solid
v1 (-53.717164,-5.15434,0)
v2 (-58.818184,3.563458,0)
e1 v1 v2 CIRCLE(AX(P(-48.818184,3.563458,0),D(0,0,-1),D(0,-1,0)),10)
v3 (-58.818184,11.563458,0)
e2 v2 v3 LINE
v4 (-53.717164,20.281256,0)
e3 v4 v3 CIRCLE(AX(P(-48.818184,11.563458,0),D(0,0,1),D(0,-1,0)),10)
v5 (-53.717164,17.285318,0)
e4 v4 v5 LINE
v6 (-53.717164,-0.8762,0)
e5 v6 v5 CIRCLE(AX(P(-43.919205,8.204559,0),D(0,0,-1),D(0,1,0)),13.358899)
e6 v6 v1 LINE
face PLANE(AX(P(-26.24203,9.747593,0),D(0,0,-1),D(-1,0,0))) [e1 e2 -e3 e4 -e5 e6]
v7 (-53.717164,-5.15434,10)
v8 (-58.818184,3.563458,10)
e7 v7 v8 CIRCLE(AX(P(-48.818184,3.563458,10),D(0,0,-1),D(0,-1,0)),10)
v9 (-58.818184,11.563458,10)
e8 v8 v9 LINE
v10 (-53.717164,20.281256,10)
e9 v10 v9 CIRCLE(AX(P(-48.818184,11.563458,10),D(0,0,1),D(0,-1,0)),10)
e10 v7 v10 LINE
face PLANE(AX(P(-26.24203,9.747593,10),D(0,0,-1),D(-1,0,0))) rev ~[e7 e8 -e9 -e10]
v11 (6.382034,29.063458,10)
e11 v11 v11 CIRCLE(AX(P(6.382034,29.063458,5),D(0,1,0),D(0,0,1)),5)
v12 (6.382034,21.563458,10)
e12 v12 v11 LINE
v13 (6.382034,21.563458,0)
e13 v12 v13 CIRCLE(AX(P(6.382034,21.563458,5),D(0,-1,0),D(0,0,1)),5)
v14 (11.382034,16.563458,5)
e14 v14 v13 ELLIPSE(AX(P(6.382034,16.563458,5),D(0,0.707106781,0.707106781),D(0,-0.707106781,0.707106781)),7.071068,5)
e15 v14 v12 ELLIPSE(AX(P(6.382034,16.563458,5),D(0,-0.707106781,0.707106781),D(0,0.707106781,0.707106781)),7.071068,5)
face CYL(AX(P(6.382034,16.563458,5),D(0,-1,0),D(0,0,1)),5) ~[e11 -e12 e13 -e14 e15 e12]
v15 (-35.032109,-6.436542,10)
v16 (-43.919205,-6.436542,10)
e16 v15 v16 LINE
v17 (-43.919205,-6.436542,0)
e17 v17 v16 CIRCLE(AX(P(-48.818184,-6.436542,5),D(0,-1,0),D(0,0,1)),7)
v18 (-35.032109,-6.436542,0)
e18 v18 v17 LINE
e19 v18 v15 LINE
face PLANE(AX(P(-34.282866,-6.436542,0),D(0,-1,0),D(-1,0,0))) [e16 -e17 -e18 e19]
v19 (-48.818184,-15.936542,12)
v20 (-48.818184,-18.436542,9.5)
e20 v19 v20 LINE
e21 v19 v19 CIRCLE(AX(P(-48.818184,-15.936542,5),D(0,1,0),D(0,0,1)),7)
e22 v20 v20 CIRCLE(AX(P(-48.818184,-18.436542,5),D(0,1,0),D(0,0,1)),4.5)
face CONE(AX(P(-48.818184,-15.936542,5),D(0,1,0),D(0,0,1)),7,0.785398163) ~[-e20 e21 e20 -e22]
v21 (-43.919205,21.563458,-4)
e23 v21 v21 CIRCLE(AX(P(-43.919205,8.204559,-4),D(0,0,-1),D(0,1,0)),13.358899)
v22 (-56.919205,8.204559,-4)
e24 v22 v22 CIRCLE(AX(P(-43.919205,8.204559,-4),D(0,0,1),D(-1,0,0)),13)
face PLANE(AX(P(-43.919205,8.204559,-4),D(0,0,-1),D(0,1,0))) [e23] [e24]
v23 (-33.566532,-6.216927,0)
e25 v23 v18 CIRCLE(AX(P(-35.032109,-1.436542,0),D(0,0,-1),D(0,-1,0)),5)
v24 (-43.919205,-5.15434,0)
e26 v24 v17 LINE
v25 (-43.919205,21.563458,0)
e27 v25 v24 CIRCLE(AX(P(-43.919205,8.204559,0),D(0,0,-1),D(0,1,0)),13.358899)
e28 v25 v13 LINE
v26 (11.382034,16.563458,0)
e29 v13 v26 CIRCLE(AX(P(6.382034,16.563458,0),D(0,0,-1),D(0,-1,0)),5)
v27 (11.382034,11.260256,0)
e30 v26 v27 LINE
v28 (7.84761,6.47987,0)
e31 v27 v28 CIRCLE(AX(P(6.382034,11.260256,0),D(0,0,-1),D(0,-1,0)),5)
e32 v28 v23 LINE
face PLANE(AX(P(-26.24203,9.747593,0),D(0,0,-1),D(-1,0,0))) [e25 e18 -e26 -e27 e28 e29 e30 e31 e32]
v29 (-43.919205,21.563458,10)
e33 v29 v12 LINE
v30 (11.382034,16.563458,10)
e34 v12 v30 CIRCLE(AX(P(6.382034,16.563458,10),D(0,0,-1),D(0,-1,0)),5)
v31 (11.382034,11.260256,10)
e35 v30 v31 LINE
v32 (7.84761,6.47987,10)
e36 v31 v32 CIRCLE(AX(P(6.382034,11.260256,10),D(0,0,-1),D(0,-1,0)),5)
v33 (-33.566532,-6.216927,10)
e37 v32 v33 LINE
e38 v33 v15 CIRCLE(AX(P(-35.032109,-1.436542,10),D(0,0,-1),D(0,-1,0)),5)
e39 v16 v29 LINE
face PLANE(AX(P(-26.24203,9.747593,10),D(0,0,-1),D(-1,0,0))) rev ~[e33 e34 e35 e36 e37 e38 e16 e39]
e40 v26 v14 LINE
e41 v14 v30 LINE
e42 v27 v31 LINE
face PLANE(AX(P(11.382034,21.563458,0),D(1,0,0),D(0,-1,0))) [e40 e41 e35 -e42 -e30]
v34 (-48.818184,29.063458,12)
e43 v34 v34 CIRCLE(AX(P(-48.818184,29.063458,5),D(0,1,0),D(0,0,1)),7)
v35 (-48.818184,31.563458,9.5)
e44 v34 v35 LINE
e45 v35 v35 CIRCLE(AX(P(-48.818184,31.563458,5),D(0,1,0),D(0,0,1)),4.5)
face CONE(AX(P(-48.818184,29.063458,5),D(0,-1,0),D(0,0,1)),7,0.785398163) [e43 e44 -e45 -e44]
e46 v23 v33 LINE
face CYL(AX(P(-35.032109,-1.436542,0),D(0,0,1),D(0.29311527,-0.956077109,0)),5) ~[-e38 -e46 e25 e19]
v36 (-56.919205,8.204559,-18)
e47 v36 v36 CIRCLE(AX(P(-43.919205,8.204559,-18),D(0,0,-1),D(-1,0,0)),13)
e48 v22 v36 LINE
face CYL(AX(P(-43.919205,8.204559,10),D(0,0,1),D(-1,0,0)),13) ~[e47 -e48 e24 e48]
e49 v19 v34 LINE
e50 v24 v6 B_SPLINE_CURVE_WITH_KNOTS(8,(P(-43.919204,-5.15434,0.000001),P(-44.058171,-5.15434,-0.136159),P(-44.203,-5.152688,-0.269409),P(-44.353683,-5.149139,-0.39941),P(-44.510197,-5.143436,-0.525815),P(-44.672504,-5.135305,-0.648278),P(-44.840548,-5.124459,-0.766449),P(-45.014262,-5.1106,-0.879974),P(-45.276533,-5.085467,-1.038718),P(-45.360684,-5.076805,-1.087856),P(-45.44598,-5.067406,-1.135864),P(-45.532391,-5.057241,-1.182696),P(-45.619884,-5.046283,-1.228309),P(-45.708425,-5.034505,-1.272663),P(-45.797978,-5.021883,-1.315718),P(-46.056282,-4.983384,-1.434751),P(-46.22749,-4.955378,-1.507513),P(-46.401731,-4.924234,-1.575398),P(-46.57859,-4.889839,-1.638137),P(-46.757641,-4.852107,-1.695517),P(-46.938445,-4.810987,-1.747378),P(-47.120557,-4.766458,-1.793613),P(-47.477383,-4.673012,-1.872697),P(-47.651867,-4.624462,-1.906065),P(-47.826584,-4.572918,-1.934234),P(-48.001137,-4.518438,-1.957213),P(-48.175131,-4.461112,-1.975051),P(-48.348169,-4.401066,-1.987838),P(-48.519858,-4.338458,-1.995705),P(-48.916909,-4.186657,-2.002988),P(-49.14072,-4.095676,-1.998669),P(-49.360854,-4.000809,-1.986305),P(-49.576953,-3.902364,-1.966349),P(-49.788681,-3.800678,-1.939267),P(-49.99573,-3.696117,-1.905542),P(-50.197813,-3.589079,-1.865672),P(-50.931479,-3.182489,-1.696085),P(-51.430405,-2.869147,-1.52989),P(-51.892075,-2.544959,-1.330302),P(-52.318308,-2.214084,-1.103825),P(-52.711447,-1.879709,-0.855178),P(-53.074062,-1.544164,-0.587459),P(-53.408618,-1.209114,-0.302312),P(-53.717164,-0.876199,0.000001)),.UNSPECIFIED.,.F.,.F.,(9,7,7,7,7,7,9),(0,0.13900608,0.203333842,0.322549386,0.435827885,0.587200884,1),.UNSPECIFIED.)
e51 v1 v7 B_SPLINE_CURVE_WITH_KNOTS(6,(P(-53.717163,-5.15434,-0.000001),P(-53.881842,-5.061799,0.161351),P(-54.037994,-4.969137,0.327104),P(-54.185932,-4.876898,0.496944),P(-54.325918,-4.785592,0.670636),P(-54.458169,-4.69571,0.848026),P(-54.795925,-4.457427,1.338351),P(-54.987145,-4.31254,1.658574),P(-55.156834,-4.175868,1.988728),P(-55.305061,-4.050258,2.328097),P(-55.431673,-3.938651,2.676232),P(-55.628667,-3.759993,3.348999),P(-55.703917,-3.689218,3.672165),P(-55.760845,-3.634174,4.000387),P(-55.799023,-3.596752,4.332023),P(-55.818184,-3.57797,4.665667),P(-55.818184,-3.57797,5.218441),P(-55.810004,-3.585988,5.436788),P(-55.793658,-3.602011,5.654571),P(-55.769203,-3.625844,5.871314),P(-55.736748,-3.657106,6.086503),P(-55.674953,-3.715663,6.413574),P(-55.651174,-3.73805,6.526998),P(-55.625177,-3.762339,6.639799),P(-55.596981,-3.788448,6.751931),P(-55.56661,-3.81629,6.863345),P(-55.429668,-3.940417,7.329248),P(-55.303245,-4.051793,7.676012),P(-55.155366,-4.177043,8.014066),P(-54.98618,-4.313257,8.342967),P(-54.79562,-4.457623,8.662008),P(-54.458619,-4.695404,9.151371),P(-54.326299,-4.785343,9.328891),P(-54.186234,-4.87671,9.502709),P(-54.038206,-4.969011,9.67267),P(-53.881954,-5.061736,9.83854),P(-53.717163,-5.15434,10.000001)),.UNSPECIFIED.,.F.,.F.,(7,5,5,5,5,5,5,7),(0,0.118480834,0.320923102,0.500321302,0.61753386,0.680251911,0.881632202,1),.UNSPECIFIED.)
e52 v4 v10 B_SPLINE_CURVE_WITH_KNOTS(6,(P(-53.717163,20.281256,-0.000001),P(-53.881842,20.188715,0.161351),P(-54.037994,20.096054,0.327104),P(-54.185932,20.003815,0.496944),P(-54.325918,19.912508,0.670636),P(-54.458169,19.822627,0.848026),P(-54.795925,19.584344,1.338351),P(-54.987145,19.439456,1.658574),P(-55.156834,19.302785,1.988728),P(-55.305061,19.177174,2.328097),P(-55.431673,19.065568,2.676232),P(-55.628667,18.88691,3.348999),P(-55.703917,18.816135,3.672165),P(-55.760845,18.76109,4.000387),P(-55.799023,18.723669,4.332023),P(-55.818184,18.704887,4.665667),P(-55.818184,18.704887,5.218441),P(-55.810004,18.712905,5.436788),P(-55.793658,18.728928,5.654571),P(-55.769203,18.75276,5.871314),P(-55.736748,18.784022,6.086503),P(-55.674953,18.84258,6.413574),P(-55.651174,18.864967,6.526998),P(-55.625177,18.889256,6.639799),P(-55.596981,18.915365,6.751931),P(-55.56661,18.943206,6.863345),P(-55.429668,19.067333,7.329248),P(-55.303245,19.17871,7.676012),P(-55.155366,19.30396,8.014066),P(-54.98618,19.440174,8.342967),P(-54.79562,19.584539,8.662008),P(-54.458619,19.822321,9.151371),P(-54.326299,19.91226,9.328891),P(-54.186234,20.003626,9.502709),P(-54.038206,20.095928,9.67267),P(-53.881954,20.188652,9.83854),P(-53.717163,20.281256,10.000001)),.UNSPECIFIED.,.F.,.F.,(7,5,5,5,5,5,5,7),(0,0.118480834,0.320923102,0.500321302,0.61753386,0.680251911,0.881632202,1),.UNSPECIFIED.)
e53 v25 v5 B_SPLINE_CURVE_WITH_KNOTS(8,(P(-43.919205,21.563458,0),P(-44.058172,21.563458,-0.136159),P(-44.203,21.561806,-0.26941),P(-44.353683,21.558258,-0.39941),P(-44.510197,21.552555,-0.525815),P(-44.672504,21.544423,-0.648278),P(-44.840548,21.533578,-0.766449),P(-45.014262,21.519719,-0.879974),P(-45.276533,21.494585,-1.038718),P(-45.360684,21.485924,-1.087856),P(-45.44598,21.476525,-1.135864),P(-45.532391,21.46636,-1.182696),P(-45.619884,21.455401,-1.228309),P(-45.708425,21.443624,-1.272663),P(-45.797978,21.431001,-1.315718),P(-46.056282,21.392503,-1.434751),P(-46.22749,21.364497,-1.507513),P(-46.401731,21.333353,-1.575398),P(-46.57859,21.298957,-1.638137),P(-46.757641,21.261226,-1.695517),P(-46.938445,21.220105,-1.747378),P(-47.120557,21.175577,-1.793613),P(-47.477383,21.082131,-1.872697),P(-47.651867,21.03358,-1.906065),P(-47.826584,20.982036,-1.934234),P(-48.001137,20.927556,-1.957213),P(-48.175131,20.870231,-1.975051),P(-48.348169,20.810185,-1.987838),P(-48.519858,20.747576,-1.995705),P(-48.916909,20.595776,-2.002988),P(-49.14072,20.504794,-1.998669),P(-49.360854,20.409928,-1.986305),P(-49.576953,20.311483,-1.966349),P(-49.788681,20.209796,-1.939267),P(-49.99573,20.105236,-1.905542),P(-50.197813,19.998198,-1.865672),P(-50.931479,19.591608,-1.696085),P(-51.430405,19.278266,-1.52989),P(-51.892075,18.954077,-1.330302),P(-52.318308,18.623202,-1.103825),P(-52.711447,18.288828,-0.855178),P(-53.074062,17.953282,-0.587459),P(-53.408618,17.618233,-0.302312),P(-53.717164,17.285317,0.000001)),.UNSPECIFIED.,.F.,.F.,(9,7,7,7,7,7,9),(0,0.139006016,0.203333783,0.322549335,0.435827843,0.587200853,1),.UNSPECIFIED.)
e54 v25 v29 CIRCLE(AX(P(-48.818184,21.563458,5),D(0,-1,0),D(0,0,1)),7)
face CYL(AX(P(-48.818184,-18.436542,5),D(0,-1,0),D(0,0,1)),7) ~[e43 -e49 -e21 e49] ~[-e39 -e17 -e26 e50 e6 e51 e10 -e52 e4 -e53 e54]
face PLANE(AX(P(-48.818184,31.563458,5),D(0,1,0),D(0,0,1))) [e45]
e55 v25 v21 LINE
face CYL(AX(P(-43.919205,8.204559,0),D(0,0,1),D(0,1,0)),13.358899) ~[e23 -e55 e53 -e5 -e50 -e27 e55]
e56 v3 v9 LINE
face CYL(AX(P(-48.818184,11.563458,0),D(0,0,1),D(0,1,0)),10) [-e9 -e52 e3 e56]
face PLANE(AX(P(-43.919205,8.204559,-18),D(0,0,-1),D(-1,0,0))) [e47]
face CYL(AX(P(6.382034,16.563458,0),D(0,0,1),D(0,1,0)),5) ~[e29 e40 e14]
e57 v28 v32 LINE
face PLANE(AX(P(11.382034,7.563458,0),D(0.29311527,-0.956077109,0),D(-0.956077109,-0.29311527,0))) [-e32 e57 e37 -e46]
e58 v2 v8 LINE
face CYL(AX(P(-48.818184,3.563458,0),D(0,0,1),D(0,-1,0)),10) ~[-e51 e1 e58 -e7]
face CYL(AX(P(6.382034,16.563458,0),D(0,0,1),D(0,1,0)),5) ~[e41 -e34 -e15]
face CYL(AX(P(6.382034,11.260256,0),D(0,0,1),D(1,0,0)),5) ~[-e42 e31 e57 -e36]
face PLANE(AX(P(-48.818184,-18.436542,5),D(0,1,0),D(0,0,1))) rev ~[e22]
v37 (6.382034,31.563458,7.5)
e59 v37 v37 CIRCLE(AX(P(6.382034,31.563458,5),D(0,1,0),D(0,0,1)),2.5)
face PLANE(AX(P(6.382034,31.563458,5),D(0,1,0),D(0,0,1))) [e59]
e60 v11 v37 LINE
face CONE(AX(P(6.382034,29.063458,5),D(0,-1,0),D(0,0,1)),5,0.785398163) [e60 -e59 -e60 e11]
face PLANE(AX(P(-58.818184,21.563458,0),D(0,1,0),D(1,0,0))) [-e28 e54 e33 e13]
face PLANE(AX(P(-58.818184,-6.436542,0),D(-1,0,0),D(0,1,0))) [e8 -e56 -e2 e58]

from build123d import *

# Parameters (mm, degrees)
BOSS_EXTRUDE1_DEPTH      = 10
FILLET1_R                = 10
FILLET2_R                = 5
BOSS_EXTRUDE2_DEPTH      = 10
BOSS_EXTRUDE2_DEPTH_BACK = 40
SKETCH2_R                = 7
BOSS_EXTRUDE3_START      = -5
SKETCH3_R                = 5
BOSS_EXTRUDE3_DEPTH      = 15
CHAMFER1_SIZE            = 2.5
BOSS_EXTRUDE4_DEPTH      = 18
BOSS_EXTRUDE4_DEPTH_BACK = 10
SKETCH4_R                = 13
SKETCH5_R                = 13.358898944
BOSS_EXTRUDE5_DEPTH      = 4


with BuildPart() as part:
    # Sketch1 → Boss-Extrude1 (new body)
    with BuildSketch(Plane.XY):
        Polygon((-58.818184361, 21.563458262), (11.382033939, 21.563458262), (11.382033939, 7.563458262), (-34.282866194, -6.436541738), (-58.818184361, -6.436541738), align=None)
    extrude(amount=BOSS_EXTRUDE1_DEPTH)

    # Fillet1
    fillet1_edges = [part.edges().sort_by_distance(p)[0] for p in [
        (-58.818184361, 21.563458262, 5),
        (-58.818184361, -6.436541738, 5),
    ]]
    fillet(fillet1_edges, radius=FILLET1_R)

    # Fillet2
    fillet2_edges = [part.edges().sort_by_distance(p)[0] for p in [
        (11.382033939, 21.563458262, 5),
        (11.382033939, 7.563458262, 5),
        (-34.282866194, -6.436541738, 5),
    ]]
    fillet(fillet2_edges, radius=FILLET2_R)

    # Sketch2 → Boss-Extrude2 (add, two sides: drawn at the far end of the back side and taken through both)
    with BuildSketch(Plane(origin=(0, 21.563458262, 0), x_dir=(1, 0, 0), z_dir=(0, 1, 0)).offset(-BOSS_EXTRUDE2_DEPTH_BACK)):
        with Locations(Location((-48.818184361, -5, 0), (0, 0, 270))):
            Circle(SKETCH2_R)
    extrude(amount=BOSS_EXTRUDE2_DEPTH + BOSS_EXTRUDE2_DEPTH_BACK)

    # Sketch3 → Boss-Extrude3 (add)
    with BuildSketch(Plane(origin=(0, 21.563458262, 0), x_dir=(1, 0, 0), z_dir=(0, 1, 0)).offset(BOSS_EXTRUDE3_START)):
        with Locations(Location((6.382033939, -5, 0), (0, 0, 270))):
            Circle(SKETCH3_R)
    extrude(amount=BOSS_EXTRUDE3_DEPTH)

    # Chamfer1
    chamfer1_edges = [part.edges().sort_by_distance(p)[0] for p in [
        (-48.818184361, -18.436541738, -2),
        (-48.818184361, 31.563458262, -2),
        (6.382033939, 31.563458262, 0),
    ]]
    chamfer(chamfer1_edges, length=CHAMFER1_SIZE)

    # Sketch4 → Boss-Extrude4 (add, two sides: drawn at the far end of the back side and taken through both)
    with BuildSketch(Plane(origin=(0, 0, 0), x_dir=(-1, 0, 0), z_dir=(0, 0, -1)).offset(-BOSS_EXTRUDE4_DEPTH_BACK)):
        with Locations((43.919204876, 8.204559319)):
            Circle(SKETCH4_R)
    extrude(amount=BOSS_EXTRUDE4_DEPTH + BOSS_EXTRUDE4_DEPTH_BACK)

    # Sketch5 → Boss-Extrude5 (add)
    with BuildSketch(Plane(origin=(0, 0, 0), x_dir=(-1, 0, 0), z_dir=(0, 0, -1))):
        with Locations(Location((43.919204876, 8.204559319, 0), (0, 0, 90))):
            Circle(SKETCH5_R)
    extrude(amount=BOSS_EXTRUDE5_DEPTH)


solid = part.part
